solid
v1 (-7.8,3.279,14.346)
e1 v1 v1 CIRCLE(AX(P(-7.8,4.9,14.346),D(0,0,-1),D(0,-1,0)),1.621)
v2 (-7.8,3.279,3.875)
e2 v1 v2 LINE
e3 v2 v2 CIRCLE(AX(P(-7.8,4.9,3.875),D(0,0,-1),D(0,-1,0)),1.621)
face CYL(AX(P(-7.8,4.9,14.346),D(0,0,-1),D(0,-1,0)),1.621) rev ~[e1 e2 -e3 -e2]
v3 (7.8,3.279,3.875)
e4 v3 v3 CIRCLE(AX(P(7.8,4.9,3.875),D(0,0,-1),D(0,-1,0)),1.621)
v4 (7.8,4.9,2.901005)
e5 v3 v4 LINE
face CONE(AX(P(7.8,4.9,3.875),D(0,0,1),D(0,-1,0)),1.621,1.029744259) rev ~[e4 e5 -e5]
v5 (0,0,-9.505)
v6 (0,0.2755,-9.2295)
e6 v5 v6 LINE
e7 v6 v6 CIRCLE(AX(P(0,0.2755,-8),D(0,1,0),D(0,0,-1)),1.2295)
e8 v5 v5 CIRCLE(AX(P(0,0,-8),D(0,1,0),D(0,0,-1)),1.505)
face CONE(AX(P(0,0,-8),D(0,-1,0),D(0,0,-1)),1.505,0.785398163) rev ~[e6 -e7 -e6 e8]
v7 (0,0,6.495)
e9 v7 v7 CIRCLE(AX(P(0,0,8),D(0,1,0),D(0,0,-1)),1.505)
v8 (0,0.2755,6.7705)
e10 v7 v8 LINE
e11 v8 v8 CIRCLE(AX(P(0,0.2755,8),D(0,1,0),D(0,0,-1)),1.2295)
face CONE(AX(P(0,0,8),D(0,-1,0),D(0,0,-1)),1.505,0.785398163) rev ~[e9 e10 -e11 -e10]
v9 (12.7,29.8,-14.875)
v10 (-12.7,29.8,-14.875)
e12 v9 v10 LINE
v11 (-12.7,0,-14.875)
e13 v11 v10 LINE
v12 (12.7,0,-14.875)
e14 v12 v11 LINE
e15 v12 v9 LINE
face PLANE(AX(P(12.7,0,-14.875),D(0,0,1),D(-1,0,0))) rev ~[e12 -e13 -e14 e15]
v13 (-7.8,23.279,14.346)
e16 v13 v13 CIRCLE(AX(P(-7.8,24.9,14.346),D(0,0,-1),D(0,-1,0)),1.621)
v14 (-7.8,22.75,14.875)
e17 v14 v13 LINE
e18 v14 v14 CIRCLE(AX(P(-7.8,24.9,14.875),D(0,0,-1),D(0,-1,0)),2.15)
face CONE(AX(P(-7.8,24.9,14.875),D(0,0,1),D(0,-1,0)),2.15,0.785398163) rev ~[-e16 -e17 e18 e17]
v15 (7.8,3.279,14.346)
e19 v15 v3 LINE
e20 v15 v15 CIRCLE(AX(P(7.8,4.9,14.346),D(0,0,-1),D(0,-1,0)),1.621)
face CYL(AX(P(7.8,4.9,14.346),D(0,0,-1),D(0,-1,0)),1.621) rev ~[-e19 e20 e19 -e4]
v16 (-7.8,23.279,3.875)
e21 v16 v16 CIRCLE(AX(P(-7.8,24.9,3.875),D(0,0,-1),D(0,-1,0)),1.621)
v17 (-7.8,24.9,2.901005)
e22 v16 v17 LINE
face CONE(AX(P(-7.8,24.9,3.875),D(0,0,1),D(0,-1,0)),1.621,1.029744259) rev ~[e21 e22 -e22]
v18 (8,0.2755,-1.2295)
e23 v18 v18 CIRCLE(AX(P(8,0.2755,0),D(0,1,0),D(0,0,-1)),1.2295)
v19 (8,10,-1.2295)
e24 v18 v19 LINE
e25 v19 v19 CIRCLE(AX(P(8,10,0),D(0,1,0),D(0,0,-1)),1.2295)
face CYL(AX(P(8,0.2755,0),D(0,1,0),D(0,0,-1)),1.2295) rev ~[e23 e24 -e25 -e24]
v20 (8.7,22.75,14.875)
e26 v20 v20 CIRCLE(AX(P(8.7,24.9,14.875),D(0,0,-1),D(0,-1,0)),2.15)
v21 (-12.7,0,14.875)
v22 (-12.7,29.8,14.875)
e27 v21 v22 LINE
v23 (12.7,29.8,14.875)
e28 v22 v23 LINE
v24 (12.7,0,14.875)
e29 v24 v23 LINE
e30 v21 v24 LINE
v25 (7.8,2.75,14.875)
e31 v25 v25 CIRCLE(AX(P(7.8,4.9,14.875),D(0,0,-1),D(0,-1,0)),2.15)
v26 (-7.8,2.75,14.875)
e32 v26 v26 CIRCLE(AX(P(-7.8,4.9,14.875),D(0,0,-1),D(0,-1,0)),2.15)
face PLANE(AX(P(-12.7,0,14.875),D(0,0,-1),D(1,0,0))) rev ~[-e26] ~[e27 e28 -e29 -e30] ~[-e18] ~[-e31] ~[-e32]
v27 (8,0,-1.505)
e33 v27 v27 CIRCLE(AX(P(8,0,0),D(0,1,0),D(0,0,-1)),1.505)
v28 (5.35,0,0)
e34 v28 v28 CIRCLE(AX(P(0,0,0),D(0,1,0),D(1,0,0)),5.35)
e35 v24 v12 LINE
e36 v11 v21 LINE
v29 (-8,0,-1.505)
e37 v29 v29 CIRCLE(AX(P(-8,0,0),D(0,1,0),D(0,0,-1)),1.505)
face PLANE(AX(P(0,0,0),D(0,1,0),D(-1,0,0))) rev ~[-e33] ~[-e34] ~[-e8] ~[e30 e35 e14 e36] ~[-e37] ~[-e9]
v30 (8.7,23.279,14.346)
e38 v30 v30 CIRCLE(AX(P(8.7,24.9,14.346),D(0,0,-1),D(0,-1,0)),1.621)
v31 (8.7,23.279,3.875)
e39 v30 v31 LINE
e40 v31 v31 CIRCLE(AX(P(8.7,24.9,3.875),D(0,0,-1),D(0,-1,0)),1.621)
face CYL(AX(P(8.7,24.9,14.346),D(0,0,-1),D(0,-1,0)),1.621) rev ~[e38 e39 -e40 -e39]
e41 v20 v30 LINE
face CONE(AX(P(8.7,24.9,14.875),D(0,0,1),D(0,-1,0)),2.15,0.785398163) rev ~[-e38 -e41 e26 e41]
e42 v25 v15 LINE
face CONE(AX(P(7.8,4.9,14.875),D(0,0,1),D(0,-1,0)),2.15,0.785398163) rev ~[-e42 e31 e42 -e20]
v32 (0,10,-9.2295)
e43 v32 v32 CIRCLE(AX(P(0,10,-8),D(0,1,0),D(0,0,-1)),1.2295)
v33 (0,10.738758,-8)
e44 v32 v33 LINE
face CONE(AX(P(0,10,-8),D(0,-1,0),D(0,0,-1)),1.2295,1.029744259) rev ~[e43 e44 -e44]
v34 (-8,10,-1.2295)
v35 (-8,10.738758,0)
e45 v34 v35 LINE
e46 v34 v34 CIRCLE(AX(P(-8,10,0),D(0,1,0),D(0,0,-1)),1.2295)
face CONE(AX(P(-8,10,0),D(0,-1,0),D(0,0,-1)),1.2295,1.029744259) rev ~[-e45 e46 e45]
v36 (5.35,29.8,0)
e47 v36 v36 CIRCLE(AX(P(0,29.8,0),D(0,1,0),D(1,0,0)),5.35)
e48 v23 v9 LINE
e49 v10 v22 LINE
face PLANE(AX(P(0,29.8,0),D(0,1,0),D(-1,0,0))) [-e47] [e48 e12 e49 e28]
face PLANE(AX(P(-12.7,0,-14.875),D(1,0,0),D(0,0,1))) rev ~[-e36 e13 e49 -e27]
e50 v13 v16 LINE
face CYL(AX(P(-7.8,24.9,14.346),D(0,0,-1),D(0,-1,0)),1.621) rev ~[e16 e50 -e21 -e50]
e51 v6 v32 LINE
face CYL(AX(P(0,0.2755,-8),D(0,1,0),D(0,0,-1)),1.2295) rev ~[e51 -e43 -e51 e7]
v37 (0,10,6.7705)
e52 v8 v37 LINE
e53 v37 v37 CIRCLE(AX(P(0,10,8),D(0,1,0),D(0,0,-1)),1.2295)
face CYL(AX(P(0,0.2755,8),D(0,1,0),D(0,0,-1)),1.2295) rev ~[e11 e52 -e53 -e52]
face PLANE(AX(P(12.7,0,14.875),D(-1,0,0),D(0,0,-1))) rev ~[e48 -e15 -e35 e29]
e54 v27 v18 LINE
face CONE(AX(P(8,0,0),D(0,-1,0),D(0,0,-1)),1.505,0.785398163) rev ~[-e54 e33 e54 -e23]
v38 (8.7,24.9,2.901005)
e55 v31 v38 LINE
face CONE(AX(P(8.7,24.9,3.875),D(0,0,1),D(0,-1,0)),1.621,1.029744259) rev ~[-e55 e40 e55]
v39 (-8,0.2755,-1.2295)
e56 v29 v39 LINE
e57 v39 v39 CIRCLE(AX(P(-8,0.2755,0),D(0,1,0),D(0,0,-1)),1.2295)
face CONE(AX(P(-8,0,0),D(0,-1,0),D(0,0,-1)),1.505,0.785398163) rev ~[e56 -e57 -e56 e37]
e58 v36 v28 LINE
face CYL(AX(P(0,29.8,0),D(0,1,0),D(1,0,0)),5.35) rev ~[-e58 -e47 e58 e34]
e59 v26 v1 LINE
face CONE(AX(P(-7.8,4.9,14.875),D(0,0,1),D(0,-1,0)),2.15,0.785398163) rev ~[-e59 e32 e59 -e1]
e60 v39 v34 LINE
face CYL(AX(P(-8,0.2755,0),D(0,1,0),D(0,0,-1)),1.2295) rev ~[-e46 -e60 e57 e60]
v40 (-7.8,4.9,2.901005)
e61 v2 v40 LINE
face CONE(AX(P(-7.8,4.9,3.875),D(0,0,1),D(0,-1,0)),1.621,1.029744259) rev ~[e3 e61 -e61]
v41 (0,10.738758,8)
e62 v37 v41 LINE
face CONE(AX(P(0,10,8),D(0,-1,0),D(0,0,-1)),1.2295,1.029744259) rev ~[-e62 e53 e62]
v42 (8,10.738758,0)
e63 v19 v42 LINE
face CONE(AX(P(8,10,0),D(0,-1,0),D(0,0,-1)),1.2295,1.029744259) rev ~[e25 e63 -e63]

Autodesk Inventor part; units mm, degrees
ref_plane "YZ Plane" through (0, 0, 0) normal (1, 0, 0) x (0, 1, 0)
ref_plane "XZ Plane" through (0, 0, 0) normal (0, 1, 0) x (-1, 0, 0)
ref_plane "XY Plane" through (0, 0, 0) normal (0, 0, 1) x (1, 0, 0)
sketch "Sketch1" plane through (0, 0, 0) normal (0, 1, 0) x (-1, 0, 0)
  line L0 (12.7, 14.875) -> (-12.7, 14.875)
  line L1 (-12.7, 14.875) -> (-12.7, -14.875)
  line L2 (-12.7, -14.875) -> (12.7, -14.875)
  line L3 (12.7, -14.875) -> (12.7, 14.875)
  point P0 (0, 0)
  dimension "d0" = 29.75
  dimension "d1" = 25.4
  dimension "d2" = 12.7
  dimension "d3" = 14.875
extrude "Extrusion1" add sketch "Sketch1" along normal blind 29.8
sketch "Sketch2" plane through (0, 29.8, 0) normal (0, 1, 0) x (1, 0, 0)
  circle A0 centre (0, 0) radius 5.35
  line L0 (12.7, 14.875) -> (-12.7, 14.875) projected
  line L1 (-12.7, 14.875) -> (-12.7, -14.875) projected
  line L2 (-12.7, -14.875) -> (12.7, -14.875) projected
  dimension "d7" = 10.7
  dimension "d8" = 14.875
  dimension "d9" = 12.7
  dimension "d12" = 14.875
extrude "Extrusion2" cut sketch "Sketch2" against normal through all
sketch "Sketch3" plane through (-12.7, 0, 14.875) normal (0, 0, 1) x (1, 0, 0)
  circle A0 centre (4.9, 24.9) radius 1.9
  circle A1 centre (21.4, 24.9) radius 1.9
  circle A2 centre (20.5, 4.9) radius 1.9
  circle A3 centre (4.9, 4.9) radius 1.9
  line L0 (0, 29.8) -> (25.4, 29.8) projected
  line L1 (0, 0) -> (0, 29.8) projected
  line L2 (0, 0) -> (25.4, 0) projected
  line L3 (25.4, 0) -> (25.4, 29.8) projected
  point P0 (12.7, 0)
  dimension "d13" = 3.8
  dimension "d14" = 3.8
  dimension "d15" = 3.8
  dimension "d16" = 3.8
  dimension "d17" = 4.9
  dimension "d18" = 4.9
  dimension "d19" = 4.9
  dimension "d20" = 4.9
  dimension "d21" = 4.9
  dimension "d22" = 4.9
  dimension "d23" = 4.9
  dimension "d24" = 4
hole "Hole1" at (-7.8, 24.9, 14.875) at (8.7, 24.9, 14.875) at (7.8, 4.9, 14.875) at (-7.8, 4.9, 14.875) direction (0, 0, -1) diameter 3.242 depth 11 tip angle 118 countersink diameter 4.3 countersink angle 90 thread size "M4x0.7" class "6H" standard "ANSI Metric M Profile"
sketch "Sketch4" plane through (0, 0, 0) normal (0, -1, 0) x (1, 0, 0)
  circle A0 centre (8, 0) radius 1.5
  circle A1 centre (0, -8) radius 1.5
  circle A2 centre (-8, 0) radius 1.5
  circle A3 centre (0, 8) radius 1.5
  line L0 (12.7, 14.875) -> (12.7, -14.875) projected
  line L1 (-12.7, -14.875) -> (-12.7, 14.875) projected
  line L2 (-12.7, 14.875) -> (12.7, 14.875) projected
  line L3 (12.7, -14.875) -> (-12.7, -14.875) projected
  point P0 (0, 0)
  dimension "d32" = 3
  dimension "d33" = 3
  dimension "d34" = 8
  dimension "d35" = 8
  dimension "d36" = 3
  dimension "d37" = 3
  dimension "d38" = 8
  dimension "d39" = 8
  dimension "d40" = 12.7
  dimension "d41" = 12.7
  dimension "d42" = 14.875
  dimension "d43" = 14.875
hole "Hole2" at (8, 0, 0) at (0, 0, -8) at (-8, 0, 0) at (0, 0, 8) direction (0, 1, 0) diameter 2.459 depth 10 tip angle 118 countersink diameter 3.01 countersink angle 90 thread size "M3x0.5" class "6H" standard "ANSI Metric M Profile"
properties part number "Z-AXIS SCREW SEAT"
